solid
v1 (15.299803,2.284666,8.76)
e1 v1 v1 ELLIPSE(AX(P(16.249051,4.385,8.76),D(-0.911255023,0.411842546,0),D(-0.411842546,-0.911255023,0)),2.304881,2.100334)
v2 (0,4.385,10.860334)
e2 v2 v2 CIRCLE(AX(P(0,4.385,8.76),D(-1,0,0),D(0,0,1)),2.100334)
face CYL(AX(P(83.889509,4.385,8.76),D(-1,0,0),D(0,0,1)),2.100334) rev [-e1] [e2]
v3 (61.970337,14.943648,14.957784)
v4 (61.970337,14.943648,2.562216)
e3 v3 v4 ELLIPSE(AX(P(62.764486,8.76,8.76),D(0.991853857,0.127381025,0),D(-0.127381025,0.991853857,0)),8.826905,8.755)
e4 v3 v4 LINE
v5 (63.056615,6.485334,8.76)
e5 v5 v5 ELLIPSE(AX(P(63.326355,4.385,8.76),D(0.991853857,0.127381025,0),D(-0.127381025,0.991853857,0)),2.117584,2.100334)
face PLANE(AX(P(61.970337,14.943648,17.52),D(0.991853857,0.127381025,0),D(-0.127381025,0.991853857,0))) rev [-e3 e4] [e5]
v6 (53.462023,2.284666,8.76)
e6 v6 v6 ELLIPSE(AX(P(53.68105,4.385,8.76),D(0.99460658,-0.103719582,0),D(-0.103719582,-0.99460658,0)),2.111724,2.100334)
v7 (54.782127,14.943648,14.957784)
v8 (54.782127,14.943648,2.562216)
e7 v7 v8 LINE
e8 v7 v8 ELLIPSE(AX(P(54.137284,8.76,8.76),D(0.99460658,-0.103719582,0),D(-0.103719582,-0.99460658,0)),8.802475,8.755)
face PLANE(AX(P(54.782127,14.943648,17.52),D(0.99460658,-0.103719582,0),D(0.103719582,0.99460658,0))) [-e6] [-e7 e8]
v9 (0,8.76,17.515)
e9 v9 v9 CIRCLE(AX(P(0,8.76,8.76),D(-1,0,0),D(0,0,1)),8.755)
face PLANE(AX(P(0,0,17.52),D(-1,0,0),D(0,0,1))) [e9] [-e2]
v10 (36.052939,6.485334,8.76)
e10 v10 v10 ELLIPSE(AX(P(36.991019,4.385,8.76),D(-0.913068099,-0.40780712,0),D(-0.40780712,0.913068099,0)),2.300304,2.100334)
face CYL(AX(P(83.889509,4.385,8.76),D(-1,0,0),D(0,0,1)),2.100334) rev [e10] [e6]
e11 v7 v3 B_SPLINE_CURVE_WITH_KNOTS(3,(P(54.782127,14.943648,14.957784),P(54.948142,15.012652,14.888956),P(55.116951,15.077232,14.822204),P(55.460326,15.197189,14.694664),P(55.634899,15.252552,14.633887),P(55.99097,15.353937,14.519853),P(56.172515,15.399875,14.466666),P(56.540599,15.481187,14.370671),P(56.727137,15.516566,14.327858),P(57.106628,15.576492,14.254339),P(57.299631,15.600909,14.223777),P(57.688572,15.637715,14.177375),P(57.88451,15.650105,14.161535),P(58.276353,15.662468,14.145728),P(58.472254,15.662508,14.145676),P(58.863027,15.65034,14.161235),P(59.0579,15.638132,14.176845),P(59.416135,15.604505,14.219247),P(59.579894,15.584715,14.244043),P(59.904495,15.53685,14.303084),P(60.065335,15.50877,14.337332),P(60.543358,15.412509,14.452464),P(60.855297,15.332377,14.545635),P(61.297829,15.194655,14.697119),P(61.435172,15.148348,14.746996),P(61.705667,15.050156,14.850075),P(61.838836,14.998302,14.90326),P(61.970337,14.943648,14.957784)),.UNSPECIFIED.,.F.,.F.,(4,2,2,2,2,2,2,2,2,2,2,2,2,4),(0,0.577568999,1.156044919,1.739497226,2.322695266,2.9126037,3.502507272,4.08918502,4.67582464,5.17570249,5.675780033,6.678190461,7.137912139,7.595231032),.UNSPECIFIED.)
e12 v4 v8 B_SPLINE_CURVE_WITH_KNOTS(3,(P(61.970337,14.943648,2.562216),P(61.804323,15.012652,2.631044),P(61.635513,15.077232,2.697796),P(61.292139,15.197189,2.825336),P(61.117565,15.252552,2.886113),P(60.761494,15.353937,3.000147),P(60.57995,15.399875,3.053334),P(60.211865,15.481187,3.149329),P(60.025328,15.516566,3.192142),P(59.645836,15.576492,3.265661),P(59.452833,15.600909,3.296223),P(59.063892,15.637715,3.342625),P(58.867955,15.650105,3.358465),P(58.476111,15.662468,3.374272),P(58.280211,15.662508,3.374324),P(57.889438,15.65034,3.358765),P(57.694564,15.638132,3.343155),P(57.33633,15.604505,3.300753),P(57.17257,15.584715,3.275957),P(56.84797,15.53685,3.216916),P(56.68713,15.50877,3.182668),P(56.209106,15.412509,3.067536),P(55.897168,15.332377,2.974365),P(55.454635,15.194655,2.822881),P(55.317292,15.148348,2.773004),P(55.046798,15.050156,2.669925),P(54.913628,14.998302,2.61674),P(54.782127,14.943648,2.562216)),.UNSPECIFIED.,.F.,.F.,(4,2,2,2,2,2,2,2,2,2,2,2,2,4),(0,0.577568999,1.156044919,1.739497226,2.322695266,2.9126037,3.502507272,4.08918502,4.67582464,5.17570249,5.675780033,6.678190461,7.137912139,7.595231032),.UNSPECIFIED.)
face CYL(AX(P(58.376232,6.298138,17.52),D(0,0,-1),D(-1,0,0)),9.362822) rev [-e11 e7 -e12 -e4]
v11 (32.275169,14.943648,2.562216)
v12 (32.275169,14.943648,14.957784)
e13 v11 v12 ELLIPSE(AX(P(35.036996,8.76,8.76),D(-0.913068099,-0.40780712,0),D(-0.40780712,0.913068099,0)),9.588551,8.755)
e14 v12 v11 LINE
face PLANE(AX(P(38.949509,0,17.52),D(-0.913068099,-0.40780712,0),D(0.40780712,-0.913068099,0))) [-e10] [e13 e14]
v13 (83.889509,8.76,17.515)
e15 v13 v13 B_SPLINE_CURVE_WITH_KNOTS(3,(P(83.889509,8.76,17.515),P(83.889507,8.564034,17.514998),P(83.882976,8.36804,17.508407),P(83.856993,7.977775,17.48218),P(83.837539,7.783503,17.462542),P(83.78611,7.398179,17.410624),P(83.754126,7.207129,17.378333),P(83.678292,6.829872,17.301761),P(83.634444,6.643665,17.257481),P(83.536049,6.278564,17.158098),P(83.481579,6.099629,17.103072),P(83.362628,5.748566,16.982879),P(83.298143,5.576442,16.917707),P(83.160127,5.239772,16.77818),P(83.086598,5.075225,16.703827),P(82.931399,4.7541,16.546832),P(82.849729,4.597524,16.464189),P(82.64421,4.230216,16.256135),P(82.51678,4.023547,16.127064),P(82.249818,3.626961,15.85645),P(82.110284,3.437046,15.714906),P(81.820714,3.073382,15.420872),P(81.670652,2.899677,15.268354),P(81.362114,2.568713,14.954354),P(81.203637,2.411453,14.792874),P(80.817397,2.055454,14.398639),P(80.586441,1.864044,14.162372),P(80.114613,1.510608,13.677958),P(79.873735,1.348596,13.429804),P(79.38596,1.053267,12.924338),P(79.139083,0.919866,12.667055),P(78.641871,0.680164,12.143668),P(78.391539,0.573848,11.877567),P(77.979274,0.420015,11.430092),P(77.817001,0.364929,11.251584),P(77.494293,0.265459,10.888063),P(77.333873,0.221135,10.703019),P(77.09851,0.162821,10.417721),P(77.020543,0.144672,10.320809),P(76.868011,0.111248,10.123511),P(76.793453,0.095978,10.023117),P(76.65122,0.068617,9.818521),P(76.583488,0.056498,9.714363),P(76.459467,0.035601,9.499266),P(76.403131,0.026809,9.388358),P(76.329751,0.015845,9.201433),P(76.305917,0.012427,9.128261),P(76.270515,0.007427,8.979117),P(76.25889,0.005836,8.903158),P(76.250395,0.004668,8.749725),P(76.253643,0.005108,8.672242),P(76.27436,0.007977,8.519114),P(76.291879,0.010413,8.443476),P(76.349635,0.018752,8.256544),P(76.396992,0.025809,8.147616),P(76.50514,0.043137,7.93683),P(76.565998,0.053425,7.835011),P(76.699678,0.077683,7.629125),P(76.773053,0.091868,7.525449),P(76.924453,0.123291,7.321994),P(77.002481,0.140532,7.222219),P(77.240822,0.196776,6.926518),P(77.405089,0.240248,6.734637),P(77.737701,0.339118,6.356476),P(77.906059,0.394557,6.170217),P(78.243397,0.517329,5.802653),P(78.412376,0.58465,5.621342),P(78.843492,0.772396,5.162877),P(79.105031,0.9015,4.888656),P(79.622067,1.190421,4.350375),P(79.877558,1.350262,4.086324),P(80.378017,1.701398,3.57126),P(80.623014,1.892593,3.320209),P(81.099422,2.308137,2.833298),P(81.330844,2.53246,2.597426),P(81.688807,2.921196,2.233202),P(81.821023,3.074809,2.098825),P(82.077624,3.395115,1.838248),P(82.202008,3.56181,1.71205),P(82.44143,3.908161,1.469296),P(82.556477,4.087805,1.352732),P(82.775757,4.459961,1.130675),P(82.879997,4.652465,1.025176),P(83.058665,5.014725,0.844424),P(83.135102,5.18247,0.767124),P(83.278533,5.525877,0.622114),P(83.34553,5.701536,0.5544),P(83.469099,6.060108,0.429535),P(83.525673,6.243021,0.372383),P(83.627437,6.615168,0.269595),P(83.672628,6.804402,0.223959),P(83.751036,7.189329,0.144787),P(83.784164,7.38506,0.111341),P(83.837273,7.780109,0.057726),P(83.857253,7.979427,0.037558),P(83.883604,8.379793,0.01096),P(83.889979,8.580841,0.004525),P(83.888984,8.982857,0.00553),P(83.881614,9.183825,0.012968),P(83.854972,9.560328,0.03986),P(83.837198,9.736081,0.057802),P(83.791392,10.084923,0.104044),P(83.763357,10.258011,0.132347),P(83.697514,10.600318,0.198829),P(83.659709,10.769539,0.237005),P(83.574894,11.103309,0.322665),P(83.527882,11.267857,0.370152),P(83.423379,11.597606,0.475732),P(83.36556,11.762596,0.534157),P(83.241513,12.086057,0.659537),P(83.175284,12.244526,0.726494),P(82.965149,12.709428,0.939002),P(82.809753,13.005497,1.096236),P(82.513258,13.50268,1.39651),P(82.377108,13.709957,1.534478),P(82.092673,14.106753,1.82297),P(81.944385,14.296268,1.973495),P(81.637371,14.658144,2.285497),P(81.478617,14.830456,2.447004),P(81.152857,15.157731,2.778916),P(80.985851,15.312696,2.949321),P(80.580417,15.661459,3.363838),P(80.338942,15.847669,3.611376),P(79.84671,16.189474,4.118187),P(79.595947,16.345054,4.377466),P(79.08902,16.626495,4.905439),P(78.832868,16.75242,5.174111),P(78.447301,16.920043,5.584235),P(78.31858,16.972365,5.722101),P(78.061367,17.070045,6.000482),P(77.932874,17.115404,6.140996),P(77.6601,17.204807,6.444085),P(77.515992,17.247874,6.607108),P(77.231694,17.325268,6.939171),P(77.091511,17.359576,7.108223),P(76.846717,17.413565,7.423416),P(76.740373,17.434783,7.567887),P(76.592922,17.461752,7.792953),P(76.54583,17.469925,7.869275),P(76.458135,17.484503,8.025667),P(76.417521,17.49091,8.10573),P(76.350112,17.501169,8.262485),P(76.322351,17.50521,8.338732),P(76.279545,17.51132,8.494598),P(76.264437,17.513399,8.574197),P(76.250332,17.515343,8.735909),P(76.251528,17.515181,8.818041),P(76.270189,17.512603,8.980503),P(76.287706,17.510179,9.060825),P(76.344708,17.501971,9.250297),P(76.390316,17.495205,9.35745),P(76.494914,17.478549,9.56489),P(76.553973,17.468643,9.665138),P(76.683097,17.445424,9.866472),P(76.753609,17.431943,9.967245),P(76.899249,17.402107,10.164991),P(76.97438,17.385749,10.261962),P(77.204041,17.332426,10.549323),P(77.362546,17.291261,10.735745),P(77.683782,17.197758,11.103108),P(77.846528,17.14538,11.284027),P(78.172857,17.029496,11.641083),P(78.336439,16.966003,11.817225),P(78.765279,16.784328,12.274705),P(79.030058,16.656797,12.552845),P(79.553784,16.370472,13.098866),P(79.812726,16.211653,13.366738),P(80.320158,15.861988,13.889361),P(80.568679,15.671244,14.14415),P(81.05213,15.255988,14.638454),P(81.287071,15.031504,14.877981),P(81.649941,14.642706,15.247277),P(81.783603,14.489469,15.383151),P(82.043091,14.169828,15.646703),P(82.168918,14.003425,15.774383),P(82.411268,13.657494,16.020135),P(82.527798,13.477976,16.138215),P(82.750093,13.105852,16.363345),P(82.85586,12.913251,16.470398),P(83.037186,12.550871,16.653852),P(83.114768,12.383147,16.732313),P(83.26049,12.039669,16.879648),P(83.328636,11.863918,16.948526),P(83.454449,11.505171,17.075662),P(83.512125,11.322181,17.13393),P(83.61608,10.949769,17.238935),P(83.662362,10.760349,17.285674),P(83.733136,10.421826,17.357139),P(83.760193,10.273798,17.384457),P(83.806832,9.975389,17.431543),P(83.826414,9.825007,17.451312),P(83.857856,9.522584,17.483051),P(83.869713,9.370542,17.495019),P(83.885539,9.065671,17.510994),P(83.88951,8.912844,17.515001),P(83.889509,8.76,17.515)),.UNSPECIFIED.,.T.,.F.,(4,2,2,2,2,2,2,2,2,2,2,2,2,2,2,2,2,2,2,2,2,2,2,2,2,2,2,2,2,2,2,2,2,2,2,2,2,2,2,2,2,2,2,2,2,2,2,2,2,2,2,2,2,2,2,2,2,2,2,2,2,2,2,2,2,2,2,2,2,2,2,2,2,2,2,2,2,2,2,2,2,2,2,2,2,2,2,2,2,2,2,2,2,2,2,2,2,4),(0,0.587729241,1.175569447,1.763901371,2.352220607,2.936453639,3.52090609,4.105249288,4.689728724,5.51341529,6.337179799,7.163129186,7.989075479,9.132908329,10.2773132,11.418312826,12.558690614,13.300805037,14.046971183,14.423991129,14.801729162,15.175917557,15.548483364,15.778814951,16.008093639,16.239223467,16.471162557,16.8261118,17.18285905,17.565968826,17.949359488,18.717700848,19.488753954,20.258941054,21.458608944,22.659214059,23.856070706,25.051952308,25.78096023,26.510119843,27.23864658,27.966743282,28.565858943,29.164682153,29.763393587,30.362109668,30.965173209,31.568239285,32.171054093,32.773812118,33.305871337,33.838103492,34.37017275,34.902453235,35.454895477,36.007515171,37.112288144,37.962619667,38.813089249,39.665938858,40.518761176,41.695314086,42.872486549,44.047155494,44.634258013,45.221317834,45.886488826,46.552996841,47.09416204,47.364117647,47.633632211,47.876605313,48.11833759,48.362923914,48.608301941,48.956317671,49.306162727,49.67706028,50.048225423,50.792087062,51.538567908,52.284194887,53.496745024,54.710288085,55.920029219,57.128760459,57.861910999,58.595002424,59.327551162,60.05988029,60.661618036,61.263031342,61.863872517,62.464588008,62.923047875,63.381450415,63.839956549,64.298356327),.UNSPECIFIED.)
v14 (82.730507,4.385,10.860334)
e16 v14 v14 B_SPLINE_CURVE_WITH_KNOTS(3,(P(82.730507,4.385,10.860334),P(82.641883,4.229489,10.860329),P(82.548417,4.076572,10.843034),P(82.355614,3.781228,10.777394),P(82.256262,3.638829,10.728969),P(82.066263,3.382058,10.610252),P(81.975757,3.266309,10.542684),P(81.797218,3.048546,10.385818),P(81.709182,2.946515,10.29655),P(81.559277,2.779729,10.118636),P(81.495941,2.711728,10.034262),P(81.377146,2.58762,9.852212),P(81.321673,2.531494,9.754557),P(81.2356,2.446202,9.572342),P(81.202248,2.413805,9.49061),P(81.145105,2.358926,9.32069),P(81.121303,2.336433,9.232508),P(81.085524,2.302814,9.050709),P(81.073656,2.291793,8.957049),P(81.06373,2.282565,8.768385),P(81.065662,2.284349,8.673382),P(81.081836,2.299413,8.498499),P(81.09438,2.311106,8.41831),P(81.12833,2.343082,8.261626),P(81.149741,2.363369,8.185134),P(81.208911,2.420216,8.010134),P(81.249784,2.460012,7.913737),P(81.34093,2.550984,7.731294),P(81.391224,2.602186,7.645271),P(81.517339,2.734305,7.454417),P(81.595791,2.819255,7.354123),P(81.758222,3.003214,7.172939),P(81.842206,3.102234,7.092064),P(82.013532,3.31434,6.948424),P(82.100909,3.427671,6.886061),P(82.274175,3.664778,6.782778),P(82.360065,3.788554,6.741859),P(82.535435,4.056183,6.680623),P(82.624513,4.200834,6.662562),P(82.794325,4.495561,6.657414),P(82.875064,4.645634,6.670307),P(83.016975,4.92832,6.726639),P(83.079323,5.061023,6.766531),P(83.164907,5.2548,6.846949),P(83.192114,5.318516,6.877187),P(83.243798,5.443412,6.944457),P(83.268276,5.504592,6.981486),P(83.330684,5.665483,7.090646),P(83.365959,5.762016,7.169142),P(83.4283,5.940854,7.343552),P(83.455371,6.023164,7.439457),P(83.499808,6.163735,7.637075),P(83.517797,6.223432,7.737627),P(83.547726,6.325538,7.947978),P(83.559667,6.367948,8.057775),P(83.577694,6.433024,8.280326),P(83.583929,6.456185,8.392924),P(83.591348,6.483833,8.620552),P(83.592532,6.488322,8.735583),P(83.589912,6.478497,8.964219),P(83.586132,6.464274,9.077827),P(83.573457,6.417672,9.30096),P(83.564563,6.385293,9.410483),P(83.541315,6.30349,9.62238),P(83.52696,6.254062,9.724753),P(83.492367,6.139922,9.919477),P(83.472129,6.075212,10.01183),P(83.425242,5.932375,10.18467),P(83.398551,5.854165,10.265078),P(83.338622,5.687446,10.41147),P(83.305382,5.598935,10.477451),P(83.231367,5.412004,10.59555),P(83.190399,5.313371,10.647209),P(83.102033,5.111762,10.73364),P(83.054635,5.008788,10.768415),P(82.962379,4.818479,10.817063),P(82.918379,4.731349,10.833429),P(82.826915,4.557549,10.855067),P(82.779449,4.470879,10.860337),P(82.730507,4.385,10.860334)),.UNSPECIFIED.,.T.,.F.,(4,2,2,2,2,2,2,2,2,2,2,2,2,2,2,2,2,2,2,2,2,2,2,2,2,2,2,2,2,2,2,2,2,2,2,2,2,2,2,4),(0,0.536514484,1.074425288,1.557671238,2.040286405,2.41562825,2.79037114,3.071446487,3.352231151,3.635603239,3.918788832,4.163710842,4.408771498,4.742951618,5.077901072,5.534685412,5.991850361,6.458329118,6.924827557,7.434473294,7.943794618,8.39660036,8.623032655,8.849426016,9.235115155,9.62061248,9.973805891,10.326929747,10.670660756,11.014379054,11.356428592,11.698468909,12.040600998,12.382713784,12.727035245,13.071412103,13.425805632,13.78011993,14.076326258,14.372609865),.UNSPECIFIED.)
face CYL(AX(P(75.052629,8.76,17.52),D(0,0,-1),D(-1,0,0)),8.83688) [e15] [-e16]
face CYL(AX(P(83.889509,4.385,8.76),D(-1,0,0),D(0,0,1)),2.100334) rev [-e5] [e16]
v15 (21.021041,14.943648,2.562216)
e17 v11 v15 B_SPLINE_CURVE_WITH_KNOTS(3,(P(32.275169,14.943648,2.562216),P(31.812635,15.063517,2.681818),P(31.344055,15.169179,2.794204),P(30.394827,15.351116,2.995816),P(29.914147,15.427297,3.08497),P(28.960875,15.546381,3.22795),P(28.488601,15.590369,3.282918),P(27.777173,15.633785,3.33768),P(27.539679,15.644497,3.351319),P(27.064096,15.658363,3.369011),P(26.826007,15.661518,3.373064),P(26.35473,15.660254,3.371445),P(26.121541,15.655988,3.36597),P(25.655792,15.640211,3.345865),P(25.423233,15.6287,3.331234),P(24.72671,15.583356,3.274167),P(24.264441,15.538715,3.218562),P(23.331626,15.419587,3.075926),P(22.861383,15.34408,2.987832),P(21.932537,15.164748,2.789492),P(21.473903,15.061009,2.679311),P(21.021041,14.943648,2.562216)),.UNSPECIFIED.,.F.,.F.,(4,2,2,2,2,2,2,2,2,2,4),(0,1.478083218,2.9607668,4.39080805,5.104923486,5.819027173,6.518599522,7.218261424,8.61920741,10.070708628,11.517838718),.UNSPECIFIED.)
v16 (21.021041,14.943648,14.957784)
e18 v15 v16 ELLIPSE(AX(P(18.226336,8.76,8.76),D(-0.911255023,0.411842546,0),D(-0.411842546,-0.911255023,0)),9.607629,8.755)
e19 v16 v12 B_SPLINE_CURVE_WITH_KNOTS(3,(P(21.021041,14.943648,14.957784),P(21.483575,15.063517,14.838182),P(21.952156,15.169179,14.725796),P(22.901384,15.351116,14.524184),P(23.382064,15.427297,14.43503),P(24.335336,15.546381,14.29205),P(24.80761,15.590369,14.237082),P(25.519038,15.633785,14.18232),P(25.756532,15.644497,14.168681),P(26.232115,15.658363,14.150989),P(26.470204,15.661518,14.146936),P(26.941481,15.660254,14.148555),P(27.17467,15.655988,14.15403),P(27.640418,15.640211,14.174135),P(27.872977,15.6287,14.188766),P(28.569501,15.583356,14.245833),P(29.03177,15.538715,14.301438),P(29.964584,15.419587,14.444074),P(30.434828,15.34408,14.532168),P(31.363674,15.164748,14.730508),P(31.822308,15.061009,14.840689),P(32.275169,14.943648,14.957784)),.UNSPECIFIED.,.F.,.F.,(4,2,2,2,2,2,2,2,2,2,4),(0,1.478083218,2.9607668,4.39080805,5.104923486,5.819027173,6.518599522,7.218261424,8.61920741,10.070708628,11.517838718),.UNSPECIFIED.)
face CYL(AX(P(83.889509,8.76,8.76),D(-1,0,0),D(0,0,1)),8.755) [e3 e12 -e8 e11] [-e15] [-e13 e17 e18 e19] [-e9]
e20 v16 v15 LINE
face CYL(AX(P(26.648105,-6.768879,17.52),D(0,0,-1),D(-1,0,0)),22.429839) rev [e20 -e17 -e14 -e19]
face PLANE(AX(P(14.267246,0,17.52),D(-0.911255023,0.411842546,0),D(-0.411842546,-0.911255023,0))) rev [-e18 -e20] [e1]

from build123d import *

# Parameters (mm, degrees)
BOSS_EXTRUDE3_DEPTH = 17.52
SKETCH5_OUTSIDE_W   = 37.02
SKETCH5_OUTSIDE_H   = 37.174
SKETCH5_OUTSIDE_R   = 8.755
CUT_EXTRUDE7_DEPTH  = 88.487428942
SKETCH6_R           = 2.100334354
CUT_EXTRUDE8_DEPTH  = 88.46999549


with BuildPart() as part:
    # Sketch1 → Boss-Extrude3 (new body)
    with BuildSketch(Plane.XY):
        with BuildLine():
            Line((0, 0), (14.267245849, 0))
            Line((14.267245849, 0), (21.021041326, 14.94364804))
            ThreePointArc((21.021041326, 14.94364804), (26.648105385, 15.66096006), (32.275169445, 14.94364804))
            Line((32.275169445, 14.94364804), (38.949508505, 0))
            Line((38.949508505, 0), (53.219448236, -0.041473561))
            Line((53.219448236, -0.041473561), (54.782126974, 14.94364804))
            ThreePointArc((54.782126974, 14.94364804), (58.376232217, 15.66096006), (61.97033746, 14.94364804))
            Line((61.97033746, 14.94364804), (63.889508505, 0))
            Line((63.889508505, 0), (73.889508505, 0))
            ThreePointArc((73.889508505, 0), (83.889508505, 8.76), (73.889508505, 17.52))
            Line((73.889508505, 17.52), (0, 17.52))
            Line((0, 17.52), (0, 0))
        make_face()
    extrude(amount=BOSS_EXTRUDE3_DEPTH)

    # Sketch5 outside → Cut-Extrude7 (cut, through all)
    with BuildSketch(Plane.ZY):
        with Locations((8.76, 8.76)):
            Rectangle(SKETCH5_OUTSIDE_W, SKETCH5_OUTSIDE_H)
        with Locations((8.76, 8.76)):
            Circle(SKETCH5_OUTSIDE_R, mode=Mode.SUBTRACT)
    extrude(amount=-CUT_EXTRUDE7_DEPTH, mode=Mode.SUBTRACT)

    # Sketch6 → Cut-Extrude8 (cut, through all)
    with BuildSketch(Plane.ZY):
        with Locations((8.76, 4.385)):
            Circle(SKETCH6_R)
    extrude(amount=-CUT_EXTRUDE8_DEPTH, mode=Mode.SUBTRACT)


solid = part.part
